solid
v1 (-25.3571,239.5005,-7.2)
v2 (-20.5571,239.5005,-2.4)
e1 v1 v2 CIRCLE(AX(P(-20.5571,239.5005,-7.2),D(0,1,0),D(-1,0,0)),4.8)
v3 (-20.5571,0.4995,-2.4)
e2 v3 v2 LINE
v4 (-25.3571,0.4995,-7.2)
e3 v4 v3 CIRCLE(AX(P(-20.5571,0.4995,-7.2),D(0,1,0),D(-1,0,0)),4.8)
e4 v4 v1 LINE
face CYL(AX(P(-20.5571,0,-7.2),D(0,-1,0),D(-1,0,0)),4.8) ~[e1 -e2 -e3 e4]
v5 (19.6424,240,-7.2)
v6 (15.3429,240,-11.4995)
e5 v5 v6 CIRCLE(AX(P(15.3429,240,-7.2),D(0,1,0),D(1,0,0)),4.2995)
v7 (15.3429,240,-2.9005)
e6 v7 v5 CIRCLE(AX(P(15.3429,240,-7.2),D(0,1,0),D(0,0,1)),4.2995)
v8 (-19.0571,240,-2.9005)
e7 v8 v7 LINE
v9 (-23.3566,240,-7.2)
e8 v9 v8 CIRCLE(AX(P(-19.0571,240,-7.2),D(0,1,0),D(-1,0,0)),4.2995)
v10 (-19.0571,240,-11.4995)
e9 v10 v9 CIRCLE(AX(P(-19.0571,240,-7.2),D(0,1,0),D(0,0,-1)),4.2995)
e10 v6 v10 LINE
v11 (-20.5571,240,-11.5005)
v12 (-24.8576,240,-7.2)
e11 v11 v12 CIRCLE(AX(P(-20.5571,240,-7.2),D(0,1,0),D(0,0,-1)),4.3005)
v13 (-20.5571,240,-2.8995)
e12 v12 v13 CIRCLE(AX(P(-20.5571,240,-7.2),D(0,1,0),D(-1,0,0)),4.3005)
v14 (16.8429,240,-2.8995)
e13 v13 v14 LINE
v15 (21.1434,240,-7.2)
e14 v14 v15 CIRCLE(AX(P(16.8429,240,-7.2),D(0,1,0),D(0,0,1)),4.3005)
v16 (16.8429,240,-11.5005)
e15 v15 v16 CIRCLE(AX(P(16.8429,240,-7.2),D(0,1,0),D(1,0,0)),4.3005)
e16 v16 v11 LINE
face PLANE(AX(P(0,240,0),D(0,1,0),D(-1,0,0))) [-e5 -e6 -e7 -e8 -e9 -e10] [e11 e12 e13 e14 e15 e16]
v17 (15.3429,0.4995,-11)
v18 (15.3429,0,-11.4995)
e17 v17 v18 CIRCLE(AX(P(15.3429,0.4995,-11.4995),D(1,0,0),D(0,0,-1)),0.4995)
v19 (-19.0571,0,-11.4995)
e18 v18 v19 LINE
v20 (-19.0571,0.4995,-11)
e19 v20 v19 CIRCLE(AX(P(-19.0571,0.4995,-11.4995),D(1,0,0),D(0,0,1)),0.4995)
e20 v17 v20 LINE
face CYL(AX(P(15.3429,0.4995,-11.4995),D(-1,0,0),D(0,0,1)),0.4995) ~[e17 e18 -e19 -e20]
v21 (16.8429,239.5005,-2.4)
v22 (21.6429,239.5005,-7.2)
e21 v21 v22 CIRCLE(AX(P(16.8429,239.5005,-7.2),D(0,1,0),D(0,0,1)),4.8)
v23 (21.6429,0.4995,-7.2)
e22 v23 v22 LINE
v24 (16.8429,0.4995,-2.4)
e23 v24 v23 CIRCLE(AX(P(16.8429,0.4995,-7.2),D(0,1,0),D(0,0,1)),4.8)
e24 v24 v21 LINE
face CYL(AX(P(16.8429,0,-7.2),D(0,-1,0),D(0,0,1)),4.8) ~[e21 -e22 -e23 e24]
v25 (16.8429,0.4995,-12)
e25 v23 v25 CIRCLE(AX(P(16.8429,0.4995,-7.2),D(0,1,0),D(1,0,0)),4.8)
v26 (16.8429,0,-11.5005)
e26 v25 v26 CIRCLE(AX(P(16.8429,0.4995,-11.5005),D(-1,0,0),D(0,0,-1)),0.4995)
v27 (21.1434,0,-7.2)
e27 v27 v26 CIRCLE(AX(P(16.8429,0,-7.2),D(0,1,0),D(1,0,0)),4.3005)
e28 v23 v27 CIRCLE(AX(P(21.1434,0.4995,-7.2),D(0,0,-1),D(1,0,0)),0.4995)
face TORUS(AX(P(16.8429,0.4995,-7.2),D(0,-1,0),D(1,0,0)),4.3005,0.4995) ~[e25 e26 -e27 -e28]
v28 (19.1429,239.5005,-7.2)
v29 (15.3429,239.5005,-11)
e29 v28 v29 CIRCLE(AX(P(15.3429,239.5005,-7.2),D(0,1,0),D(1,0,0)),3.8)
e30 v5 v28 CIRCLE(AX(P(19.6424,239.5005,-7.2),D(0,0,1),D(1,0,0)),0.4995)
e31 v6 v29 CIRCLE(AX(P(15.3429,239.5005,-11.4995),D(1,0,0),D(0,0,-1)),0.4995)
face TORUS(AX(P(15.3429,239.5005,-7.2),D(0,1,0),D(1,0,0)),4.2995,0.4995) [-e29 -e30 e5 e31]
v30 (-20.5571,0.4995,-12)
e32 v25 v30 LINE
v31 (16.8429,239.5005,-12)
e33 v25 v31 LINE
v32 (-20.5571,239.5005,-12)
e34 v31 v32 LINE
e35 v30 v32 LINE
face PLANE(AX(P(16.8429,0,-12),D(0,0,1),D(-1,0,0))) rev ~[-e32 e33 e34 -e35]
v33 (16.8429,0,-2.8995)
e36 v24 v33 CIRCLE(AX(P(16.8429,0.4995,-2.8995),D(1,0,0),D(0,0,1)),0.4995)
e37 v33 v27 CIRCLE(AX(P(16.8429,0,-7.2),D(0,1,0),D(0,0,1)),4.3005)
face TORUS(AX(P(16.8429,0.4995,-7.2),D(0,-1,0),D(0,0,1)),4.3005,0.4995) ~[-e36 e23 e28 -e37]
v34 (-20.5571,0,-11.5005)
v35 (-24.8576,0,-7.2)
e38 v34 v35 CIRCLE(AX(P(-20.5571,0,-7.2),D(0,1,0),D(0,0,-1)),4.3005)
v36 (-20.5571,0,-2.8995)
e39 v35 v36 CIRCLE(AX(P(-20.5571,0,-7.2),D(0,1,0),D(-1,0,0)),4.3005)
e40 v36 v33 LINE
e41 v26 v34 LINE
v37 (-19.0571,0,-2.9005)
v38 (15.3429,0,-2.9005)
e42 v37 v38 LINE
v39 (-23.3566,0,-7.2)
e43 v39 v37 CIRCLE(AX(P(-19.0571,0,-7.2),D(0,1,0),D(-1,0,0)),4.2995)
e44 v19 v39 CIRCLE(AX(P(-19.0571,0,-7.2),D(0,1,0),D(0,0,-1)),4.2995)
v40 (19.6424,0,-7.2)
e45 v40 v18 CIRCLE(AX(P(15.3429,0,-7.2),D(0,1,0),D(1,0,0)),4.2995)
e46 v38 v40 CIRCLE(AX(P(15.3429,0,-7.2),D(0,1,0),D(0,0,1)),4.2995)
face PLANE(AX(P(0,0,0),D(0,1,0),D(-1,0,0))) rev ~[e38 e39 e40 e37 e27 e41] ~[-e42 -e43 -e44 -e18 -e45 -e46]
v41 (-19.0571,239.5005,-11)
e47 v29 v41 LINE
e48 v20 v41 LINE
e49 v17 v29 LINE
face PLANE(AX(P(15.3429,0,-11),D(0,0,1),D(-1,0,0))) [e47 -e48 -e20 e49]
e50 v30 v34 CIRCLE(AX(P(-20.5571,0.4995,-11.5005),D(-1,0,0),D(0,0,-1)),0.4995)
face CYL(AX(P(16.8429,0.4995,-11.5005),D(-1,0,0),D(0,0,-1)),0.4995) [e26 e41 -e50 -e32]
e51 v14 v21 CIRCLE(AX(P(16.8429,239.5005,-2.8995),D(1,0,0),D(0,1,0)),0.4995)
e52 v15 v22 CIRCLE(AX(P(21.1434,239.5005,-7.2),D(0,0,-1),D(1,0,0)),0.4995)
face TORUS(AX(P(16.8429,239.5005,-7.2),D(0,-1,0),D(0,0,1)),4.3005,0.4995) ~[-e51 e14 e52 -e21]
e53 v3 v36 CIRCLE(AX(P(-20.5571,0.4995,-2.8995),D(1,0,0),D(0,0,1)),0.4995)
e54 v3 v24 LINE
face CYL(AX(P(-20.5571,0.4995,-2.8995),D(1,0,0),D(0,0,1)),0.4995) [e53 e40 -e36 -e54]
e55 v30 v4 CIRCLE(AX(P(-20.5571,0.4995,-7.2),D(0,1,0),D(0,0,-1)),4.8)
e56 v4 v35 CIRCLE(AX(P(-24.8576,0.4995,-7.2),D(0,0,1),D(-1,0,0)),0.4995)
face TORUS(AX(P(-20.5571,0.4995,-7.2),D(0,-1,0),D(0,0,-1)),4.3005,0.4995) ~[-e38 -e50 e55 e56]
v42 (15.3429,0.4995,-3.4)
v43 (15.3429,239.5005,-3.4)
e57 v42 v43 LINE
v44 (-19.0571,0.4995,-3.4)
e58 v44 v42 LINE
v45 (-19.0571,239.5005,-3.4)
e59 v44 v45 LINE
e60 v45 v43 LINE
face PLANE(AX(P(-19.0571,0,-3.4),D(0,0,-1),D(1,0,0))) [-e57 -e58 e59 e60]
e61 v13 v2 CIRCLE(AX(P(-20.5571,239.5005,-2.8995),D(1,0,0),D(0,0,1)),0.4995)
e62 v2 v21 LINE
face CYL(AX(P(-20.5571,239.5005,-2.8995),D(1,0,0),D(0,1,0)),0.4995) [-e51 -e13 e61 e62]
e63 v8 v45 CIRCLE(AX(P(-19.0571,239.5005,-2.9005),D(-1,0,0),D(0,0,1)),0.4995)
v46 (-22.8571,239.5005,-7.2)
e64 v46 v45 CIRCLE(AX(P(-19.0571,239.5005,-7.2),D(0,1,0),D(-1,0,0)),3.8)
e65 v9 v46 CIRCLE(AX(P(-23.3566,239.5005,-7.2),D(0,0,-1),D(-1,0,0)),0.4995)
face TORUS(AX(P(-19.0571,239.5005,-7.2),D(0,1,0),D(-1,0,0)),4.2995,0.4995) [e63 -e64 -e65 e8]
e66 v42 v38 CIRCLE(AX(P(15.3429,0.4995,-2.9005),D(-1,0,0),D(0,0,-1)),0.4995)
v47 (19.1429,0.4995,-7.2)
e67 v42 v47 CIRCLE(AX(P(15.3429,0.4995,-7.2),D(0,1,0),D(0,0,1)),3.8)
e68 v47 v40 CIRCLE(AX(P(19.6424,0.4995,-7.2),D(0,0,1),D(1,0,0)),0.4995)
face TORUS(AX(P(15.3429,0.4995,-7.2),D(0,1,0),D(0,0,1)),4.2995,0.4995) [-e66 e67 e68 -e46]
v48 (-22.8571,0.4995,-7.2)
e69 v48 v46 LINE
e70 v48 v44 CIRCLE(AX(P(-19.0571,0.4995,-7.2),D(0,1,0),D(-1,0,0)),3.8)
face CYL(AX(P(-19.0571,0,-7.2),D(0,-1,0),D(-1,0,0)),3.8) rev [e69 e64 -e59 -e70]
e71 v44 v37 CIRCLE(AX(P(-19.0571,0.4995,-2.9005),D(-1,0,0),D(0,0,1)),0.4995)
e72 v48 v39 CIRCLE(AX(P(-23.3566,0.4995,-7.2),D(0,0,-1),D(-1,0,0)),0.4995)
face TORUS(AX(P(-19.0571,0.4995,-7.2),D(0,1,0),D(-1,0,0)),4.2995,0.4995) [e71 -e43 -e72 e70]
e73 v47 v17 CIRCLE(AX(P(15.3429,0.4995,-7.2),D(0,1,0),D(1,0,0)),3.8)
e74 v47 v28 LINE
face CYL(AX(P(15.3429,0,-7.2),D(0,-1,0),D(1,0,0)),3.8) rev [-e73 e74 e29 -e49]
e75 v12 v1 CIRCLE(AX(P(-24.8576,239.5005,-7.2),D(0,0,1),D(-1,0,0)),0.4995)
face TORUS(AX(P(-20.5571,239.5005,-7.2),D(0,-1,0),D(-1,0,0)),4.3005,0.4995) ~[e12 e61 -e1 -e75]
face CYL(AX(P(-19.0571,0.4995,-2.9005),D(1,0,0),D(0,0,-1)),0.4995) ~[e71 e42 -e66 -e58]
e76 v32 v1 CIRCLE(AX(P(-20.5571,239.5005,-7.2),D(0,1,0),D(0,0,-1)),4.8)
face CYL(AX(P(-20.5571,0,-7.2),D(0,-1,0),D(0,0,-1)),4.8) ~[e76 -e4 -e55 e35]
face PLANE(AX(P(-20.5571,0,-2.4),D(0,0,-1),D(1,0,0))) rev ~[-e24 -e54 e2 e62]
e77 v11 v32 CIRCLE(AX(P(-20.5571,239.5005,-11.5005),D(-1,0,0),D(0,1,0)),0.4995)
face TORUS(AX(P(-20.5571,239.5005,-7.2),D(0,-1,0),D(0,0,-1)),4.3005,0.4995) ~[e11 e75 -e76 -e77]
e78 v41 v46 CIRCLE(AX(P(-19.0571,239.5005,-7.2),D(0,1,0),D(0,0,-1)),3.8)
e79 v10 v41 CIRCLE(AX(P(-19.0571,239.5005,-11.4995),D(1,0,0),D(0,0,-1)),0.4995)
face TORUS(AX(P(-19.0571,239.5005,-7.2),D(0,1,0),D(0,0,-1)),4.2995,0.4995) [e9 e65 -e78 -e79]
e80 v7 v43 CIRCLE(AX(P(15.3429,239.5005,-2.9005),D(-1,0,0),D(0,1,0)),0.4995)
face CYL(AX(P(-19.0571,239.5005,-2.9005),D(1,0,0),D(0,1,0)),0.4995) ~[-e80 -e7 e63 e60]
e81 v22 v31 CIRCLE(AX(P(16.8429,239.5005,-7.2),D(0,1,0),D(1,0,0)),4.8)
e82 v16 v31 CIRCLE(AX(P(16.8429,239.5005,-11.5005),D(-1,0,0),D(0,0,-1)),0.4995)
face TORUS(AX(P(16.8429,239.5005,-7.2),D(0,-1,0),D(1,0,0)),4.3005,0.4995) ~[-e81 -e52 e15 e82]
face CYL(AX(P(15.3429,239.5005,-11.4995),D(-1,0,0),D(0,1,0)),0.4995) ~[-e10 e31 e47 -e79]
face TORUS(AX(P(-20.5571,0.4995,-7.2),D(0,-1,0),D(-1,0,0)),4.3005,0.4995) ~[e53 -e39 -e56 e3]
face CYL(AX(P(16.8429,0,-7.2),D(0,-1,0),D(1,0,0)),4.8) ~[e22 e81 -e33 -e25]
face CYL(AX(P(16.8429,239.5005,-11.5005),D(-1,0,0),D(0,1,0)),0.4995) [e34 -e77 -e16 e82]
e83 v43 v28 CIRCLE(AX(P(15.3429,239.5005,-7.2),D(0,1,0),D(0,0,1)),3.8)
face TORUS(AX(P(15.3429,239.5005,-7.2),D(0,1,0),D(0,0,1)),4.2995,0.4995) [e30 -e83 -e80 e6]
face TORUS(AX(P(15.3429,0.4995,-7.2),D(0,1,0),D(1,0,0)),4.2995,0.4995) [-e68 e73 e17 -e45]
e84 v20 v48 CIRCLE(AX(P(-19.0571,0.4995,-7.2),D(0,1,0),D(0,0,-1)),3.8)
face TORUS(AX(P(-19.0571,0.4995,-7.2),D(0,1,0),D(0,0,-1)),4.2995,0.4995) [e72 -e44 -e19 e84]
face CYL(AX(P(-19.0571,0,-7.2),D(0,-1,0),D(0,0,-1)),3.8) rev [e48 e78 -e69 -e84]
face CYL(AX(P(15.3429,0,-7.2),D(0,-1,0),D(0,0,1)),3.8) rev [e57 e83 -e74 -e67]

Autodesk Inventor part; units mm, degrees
ref_plane "YZ Plane" through (0, 0, 0) normal (1, 0, 0) x (0, 1, 0)
ref_plane "XZ Plane" through (0, 0, 0) normal (0, 1, 0) x (-1, 0, 0)
sketch "Эскиз1" plane through (0, 0, 0) normal (0, 1, 0) x (-1, 0, 0)
  line L0 (20.5571, -2.4) -> (-16.8429, -2.4)
  line L1 (-21.6429, -7.2) -> (-21.6429, -7.2)
  line L2 (-16.8429, -12) -> (20.5571, -12)
  line L3 (25.3571, -7.2) -> (25.3571, -7.2)
  arc A0 (25.3571, -7.2) -> (20.5571, -2.4) centre (20.5571, -7.2) ccw
  arc A1 (20.5571, -12) -> (25.3571, -7.2) centre (20.5571, -7.2) ccw
  arc A2 (-16.8429, -2.4) -> (-21.6429, -7.2) centre (-16.8429, -7.2) ccw
  arc A3 (-21.6429, -7.2) -> (-16.8429, -12) centre (-16.8429, -7.2) ccw
  line L4 (19.0571, -3.4) -> (-15.3429, -3.4)
  line L5 (-19.1429, -7.2) -> (-19.1429, -7.2)
  line L6 (-15.3429, -11) -> (19.0571, -11)
  line L7 (22.8571, -7.2) -> (22.8571, -7.2)
  arc A4 (22.8571, -7.2) -> (19.0571, -3.4) centre (19.0571, -7.2) ccw
  arc A5 (19.0571, -11) -> (22.8571, -7.2) centre (19.0571, -7.2) ccw
  arc A6 (-19.1429, -7.2) -> (-15.3429, -11) centre (-15.3429, -7.2) ccw
  arc A7 (-15.3429, -3.4) -> (-19.1429, -7.2) centre (-15.3429, -7.2) ccw
  point P0 (0, 0)
  point P1 (25.3571, -2.4)
  point P2 (-21.6429, -2.4)
  dimension "d0" = 47
  dimension "d1" = 9.6
  dimension "d2" = 4.8
  dimension "d3" = 1
  dimension "d4" = 1
  dimension "d5" = 2.5
  dimension "d6" = 2.5
  dimension "d7" = 3.8
extrude "Выдавливание1" add sketch "Эскиз1" along normal blind 240
ref_plane "РабПлоскость1" through (0, 250, 0) normal (0, 1, 0) x (1, 0, 0)
fillet "Сопряжение1" radius 0.5 8 edges at (18.0299, 0, -9.887) (-1.8571, 0, -11) (-21.7441, 0, -9.887) (-1.8571, 0, -3.4) (-23.9513, 0, -3.8059) (-1.8571, 0, -12) (20.237, 0, -3.8059) (-1.8571, 0, -2.4)
fillet "Сопряжение2" radius 0.5 8 edges at (20.237, 240, -10.5941) (-1.8571, 240, -12) (-23.9513, 240, -3.8059) (-1.8571, 240, -2.4) (-21.7441, 240, -9.887) (-1.8571, 240, -11) (18.0299, 240, -9.887) (-1.8571, 240, -3.4)
sketch3d "3D эскиз1"
ref_plane "РабПлоскость9" through (-10.4571, 0, -2.9) normal (0, -1, 0) x (1, 0, 0)
ref_plane "РабПлоскость10" through (-24.8571, 240, -7.2) normal (0, 1, 0) x (1, 0, 0)
properties part number "isolator_A"
